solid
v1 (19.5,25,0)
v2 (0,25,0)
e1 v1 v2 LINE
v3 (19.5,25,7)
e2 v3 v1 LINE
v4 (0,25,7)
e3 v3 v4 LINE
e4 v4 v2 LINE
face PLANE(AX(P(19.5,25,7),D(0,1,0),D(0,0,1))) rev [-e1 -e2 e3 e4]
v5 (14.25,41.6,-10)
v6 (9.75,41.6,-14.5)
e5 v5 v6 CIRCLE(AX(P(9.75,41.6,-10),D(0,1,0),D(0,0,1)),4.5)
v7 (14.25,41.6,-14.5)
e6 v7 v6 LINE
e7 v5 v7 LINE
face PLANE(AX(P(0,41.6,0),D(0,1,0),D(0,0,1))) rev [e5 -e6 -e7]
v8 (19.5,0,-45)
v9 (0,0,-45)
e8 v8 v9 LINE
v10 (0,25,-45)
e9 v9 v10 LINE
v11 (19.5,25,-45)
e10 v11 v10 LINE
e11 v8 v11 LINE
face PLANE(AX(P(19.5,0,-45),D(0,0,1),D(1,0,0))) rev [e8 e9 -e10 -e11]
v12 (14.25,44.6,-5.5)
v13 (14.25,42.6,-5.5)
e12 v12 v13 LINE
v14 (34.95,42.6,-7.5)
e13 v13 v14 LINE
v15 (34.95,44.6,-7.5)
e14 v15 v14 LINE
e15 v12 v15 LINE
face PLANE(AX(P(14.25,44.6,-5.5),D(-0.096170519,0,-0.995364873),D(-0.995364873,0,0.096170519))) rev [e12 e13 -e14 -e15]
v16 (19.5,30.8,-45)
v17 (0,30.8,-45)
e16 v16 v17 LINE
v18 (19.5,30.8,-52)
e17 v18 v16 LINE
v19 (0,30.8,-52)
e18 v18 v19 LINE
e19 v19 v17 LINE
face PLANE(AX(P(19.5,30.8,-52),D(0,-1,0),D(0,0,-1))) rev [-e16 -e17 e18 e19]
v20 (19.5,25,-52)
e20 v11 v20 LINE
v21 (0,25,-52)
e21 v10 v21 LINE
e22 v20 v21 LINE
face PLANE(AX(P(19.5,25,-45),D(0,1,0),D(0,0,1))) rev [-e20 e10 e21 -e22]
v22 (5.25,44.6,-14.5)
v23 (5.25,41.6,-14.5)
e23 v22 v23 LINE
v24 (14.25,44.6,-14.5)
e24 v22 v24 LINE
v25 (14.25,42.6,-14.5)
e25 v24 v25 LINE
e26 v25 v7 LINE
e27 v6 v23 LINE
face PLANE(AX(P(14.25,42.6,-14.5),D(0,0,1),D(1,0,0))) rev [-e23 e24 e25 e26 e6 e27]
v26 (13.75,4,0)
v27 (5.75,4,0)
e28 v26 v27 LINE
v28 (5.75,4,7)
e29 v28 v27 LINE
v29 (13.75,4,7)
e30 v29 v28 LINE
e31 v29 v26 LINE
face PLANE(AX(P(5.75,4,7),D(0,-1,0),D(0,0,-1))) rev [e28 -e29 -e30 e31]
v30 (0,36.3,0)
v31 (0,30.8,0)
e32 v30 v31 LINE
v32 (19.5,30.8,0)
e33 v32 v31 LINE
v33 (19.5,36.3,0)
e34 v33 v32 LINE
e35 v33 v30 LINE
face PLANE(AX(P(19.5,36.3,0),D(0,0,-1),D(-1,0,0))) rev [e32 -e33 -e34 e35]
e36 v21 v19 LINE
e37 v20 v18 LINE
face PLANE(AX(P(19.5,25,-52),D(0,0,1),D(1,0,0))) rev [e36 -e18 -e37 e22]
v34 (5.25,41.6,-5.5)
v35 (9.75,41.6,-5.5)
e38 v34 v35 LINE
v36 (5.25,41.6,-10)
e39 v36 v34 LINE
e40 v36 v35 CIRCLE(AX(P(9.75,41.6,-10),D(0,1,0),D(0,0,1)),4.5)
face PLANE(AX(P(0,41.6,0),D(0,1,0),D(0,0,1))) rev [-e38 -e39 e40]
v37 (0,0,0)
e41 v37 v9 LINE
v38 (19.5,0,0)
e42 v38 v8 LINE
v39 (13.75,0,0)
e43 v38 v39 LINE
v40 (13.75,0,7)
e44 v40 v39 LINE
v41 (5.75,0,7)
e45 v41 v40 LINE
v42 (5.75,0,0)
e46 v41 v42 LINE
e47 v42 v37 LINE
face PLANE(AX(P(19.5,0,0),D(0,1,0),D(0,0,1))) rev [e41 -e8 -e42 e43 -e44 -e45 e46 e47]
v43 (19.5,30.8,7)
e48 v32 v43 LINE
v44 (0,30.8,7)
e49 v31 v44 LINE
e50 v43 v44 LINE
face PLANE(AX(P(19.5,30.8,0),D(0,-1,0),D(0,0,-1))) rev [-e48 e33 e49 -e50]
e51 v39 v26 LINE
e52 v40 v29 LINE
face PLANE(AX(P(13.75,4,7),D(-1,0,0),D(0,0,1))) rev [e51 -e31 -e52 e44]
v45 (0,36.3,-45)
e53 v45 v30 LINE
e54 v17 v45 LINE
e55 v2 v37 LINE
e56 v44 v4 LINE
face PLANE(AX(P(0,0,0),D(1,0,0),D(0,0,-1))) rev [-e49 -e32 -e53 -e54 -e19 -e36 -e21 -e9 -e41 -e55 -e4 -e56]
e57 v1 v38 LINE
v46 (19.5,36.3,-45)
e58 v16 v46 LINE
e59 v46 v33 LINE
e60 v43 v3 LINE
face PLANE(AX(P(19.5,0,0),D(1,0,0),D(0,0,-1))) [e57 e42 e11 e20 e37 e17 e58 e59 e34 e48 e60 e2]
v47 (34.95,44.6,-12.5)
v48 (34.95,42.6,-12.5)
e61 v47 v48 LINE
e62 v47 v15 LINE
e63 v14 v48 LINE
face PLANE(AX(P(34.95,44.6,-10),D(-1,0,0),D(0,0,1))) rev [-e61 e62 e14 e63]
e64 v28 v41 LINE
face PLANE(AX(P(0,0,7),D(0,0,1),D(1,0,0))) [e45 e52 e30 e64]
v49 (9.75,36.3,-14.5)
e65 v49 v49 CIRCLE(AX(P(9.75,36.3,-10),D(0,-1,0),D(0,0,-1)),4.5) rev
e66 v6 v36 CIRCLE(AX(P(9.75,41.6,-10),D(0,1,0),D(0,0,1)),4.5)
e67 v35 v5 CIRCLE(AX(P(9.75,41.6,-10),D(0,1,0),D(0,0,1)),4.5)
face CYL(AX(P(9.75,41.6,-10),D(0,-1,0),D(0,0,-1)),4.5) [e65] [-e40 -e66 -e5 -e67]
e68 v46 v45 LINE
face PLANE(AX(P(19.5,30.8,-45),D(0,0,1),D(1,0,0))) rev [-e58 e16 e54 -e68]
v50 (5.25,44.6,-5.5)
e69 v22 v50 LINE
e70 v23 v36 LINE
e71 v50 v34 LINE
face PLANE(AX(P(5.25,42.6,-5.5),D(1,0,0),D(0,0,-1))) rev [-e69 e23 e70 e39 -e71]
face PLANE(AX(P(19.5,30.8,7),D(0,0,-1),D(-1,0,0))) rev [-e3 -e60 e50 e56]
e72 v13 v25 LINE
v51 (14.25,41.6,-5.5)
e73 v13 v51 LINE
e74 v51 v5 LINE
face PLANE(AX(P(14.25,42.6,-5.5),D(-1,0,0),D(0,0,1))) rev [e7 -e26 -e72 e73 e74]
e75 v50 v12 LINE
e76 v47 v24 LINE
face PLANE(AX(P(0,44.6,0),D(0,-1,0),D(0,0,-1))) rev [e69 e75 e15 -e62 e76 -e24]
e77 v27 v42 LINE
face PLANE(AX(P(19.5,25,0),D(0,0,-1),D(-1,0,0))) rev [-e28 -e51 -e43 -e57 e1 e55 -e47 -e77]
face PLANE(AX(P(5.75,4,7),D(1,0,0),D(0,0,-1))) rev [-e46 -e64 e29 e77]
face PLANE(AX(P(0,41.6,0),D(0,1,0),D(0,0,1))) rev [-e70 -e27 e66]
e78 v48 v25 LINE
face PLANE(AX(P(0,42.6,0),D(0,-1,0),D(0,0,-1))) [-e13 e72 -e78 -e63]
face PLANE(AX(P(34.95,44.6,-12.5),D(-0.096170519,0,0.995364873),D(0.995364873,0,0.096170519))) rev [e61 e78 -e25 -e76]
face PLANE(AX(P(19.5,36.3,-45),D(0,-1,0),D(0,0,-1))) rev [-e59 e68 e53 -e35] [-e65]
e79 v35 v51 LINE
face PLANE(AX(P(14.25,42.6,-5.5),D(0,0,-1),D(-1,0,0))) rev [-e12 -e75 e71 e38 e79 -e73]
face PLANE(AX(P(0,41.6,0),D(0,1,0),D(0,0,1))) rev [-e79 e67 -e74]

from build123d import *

# Parameters (mm, degrees)
BOSS_EXTRUDE1_DEPTH = 19.5
SKETCH2_W           = 8
SKETCH2_H           = 4
BOSS_EXTRUDE2_DEPTH = 7
SKETCH3_R           = 4.5
BOSS_EXTRUDE3_DEPTH = 5.3
SKETCH4_W           = 9
SKETCH4_H           = 9
BOSS_EXTRUDE4_DEPTH = 1
BOSS_EXTRUDE5_DEPTH = 2


with BuildPart() as part:
    # Sketch1 → Boss-Extrude1 (new body)
    with BuildSketch(Plane(origin=(0, 0, 0), x_dir=(0, 0, -1), z_dir=(1, 0, 0))):
        Polygon((0, 0), (45, 0), (45, 25), (52, 25), (52, 30.8), (45, 30.8), (45, 36.3), (0, 36.3), (0, 30.8), (-7, 30.8), (-7, 25), (0, 25), align=None)
    extrude(amount=BOSS_EXTRUDE1_DEPTH)

    # Sketch2 → Boss-Extrude2 (add)
    with BuildSketch(Plane.XY):
        with Locations((9.75, 2)):
            Rectangle(SKETCH2_W, SKETCH2_H)
    extrude(amount=BOSS_EXTRUDE2_DEPTH)

    # Sketch3 → Boss-Extrude3 (add)
    with BuildSketch(Plane(origin=(0, 36.3, 0), x_dir=(1, 0, 0), z_dir=(0, 1, 0))):
        with Locations(Location((9.75, 10, 0), (0, 0, 90))):
            Circle(SKETCH3_R)
    extrude(amount=BOSS_EXTRUDE3_DEPTH)

    # Sketch4 → Boss-Extrude4 (add)
    with BuildSketch(Plane(origin=(0, 41.6, 0), x_dir=(1, 0, 0), z_dir=(0, 1, 0))):
        with Locations((9.75, 10)):
            Rectangle(SKETCH4_W, SKETCH4_H)
    extrude(amount=BOSS_EXTRUDE4_DEPTH)

    # Sketch5 → Boss-Extrude5 (add)
    with BuildSketch(Plane(origin=(0, 42.6, 0), x_dir=(1, 0, 0), z_dir=(0, 1, 0))):
        Polygon((5.25, 14.5), (14.25, 14.5), (34.95, 12.5), (34.95, 10), (34.95, 7.5), (14.25, 5.5), (5.25, 5.5), align=None)
    extrude(amount=BOSS_EXTRUDE5_DEPTH)


solid = part.part
